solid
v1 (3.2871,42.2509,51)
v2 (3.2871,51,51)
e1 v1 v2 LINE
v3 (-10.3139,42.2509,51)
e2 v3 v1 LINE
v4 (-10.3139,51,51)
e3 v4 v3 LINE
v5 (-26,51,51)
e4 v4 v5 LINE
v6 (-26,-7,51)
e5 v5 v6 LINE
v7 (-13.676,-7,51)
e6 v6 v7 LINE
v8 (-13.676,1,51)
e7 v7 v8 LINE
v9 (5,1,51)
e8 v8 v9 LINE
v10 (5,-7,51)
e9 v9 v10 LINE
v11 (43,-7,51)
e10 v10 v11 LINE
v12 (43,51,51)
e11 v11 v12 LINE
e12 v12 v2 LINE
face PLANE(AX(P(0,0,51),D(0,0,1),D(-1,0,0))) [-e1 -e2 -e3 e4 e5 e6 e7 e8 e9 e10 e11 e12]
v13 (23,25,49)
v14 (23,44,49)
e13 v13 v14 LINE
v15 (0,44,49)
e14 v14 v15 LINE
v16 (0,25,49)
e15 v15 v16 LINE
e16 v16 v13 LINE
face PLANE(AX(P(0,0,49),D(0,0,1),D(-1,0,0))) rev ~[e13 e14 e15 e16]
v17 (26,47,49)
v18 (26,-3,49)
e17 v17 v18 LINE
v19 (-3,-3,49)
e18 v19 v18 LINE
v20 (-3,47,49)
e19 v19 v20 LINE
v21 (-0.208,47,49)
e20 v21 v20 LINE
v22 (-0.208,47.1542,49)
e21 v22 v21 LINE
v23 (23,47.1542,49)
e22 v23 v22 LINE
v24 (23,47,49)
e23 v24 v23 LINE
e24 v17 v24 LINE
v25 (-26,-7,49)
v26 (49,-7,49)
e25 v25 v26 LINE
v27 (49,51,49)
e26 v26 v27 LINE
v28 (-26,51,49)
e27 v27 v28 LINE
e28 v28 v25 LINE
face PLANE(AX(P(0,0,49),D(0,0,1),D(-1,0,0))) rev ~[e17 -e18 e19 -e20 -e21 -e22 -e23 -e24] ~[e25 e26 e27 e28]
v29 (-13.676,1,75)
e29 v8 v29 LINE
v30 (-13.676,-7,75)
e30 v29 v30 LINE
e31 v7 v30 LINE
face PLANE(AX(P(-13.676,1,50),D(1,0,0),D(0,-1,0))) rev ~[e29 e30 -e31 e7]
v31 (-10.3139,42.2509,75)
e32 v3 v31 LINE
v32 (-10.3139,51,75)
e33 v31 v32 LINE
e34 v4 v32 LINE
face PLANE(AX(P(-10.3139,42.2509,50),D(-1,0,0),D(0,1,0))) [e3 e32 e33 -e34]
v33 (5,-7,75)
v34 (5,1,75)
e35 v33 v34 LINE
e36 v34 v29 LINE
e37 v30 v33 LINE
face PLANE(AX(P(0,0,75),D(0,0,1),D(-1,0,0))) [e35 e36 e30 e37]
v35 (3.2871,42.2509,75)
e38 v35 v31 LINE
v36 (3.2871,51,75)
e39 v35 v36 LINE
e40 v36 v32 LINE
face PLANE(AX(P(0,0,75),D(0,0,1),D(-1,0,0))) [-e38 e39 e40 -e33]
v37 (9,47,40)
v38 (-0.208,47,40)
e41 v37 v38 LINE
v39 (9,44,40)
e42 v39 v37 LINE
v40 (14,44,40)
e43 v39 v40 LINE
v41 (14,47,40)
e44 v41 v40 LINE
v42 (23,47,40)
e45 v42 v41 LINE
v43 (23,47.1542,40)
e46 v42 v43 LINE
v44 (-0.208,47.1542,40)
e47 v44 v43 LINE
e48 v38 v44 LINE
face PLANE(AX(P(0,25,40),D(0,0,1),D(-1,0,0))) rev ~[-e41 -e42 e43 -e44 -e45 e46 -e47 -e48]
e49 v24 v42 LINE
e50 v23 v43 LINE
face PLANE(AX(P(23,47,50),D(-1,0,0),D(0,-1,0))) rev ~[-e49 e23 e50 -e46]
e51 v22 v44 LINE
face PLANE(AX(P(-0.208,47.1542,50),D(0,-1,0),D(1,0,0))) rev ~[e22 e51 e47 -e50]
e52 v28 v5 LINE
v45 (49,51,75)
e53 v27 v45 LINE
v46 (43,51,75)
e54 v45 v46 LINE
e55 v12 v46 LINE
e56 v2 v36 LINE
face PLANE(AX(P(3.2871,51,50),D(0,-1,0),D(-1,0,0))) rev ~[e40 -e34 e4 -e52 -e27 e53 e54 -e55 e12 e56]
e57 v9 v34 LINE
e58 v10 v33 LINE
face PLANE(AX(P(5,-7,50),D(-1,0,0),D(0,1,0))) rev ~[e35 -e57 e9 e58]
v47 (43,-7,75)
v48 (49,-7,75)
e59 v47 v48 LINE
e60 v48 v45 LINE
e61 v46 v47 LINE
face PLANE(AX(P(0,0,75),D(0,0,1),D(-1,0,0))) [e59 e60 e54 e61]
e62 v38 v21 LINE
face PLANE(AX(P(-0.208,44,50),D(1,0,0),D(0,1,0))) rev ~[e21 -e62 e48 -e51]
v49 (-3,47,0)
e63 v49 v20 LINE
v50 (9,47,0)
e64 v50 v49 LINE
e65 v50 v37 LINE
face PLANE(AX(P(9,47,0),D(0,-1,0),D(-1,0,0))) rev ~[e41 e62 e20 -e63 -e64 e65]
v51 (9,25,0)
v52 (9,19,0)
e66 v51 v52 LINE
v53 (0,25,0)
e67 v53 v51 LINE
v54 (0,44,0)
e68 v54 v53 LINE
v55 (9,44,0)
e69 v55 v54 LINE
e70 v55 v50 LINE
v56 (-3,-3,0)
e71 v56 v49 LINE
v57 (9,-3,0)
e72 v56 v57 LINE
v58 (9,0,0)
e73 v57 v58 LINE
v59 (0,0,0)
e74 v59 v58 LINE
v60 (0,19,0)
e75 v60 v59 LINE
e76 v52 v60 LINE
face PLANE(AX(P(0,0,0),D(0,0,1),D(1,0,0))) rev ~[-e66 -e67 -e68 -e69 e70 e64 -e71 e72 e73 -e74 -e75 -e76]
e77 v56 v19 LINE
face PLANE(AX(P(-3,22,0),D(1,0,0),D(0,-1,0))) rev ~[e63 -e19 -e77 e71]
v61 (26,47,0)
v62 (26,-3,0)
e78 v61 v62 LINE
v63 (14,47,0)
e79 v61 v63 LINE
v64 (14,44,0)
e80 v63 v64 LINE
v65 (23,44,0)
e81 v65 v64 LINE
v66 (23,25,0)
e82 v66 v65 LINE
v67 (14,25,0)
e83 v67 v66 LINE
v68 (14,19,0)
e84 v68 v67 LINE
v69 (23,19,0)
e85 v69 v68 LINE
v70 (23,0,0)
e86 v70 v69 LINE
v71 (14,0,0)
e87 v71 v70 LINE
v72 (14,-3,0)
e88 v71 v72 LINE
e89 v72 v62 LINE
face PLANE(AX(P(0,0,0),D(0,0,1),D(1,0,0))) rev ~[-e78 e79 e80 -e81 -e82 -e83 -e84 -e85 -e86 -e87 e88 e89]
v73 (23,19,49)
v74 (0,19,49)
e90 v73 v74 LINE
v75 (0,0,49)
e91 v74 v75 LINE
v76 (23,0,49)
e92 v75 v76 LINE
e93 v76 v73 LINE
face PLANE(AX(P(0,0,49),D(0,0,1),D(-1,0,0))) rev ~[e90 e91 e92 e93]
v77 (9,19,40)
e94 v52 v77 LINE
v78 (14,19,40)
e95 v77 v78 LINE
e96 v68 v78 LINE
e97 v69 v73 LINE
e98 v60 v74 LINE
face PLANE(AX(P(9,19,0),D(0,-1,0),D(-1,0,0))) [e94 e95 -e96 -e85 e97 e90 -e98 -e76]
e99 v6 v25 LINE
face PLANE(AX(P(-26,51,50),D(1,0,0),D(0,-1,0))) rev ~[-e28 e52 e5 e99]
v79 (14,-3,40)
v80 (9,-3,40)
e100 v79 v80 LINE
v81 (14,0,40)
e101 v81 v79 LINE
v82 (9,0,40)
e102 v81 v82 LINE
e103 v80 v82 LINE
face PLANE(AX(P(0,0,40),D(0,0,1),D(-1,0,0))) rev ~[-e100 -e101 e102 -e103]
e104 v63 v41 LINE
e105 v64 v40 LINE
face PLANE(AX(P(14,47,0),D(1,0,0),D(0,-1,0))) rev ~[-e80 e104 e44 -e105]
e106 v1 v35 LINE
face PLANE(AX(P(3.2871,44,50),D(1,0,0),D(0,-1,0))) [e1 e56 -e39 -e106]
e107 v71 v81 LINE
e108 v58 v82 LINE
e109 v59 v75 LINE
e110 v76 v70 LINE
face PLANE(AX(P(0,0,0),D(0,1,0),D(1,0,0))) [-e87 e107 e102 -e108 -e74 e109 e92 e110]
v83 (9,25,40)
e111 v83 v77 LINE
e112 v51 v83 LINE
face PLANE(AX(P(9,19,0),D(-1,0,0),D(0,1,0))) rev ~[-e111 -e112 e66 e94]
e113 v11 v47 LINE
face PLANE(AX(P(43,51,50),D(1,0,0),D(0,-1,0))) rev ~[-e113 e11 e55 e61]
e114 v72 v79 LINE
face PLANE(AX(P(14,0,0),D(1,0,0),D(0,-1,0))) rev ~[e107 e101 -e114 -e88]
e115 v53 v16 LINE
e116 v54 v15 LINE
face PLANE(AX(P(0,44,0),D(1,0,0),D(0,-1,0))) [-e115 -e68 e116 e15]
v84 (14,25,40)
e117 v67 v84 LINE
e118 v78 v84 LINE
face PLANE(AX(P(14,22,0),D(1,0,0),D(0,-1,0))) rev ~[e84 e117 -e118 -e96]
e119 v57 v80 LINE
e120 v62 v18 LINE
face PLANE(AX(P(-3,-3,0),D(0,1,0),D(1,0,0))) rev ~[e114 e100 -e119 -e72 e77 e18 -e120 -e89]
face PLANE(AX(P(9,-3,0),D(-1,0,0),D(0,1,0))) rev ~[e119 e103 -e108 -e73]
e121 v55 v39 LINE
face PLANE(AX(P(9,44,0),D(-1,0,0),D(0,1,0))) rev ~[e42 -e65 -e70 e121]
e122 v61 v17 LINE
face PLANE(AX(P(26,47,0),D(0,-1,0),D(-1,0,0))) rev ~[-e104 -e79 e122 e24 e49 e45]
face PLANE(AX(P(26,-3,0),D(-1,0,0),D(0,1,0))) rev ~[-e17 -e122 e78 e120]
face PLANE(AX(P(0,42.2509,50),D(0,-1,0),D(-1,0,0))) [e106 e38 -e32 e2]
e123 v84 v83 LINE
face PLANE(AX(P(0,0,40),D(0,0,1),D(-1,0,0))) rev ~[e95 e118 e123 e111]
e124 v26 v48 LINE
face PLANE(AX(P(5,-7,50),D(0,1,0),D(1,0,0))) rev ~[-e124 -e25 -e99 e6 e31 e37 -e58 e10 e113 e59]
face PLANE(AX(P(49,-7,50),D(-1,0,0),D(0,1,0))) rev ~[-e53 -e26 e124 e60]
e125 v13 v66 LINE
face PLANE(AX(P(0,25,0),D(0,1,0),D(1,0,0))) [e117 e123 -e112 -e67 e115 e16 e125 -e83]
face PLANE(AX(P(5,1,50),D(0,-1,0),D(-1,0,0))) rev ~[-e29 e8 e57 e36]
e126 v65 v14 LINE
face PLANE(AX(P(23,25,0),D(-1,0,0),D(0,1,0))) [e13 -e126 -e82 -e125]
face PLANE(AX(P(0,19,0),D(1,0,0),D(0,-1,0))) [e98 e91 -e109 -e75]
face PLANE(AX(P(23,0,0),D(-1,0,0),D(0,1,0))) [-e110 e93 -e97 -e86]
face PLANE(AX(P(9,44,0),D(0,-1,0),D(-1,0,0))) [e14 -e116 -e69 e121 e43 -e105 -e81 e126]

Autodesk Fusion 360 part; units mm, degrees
sketch "Sketch1" plane through (0, 0, 0) normal (0, 0, 1) x (1, 0, 0)
  line L0 (0, 0) -> (23, 0)
  line L1 (23, 0) -> (23, 19)
  line L2 (23, 19) -> (0, 19)
  line L3 (0, 19) -> (0, 0)
  line L4 (0, 0) -> (23, 19) construction
  line L5 (14, -5.5) -> (9, -5.5) construction
  line L6 (9, -5.5) -> (9, 24.5)
  line L7 (9, 24.5) -> (14, 24.5) construction
  line L8 (14, 24.5) -> (14, -5.5)
  line L9 (14, -5.5) -> (9, 24.5) construction
  line L10 (9, -5.5) -> (14, 24.5) construction
  line L11 (-3, 22) -> (-3, -3)
  line L12 (-3, -3) -> (26, -3)
  line L13 (26, -3) -> (26, 22)
  line L14 (26, 22) -> (-3, 22)
  point P0 (11.5, 9.5)
  dimension "d1" = 23
  dimension "d2" = 19
  dimension "d5" = 5
  dimension "d6" = 3
  dimension "d11" = 30
extrude "Extrude4" add sketch "Sketch1" along normal blind 50 contours L0 L2 L3 L6 L11 L12 L14 | L0 L1 L2 L8 L12 L13 L14 makes body 1 at (-3, 13.6667, 16.6667) makes body 2 at (26, 5.3333, 16.6667)
sketch "Sketch2" plane through (0, 0, 50) normal (0, 0, 1) x (-1, 0, 0)
  line L0 (-14, 0) -> (-14, 3)
  line L1 (-14, 3) -> (-26, 3)
  line L2 (-26, 3) -> (-26, -22)
  line L3 (-26, -22) -> (-14, -22)
  line L4 (-14, -22) -> (-14, -19)
  line L5 (-14, -19) -> (-23, -19)
  line L6 (-23, -19) -> (-23, 0)
  line L7 (-23, 0) -> (-14, 0)
  line L8 (0.208, -22.1542) -> (-23, -22.1542)
  line L9 (-23, -22.1542) -> (-23, -19)
  line L10 (-23, -19) -> (0.208, -19)
  line L11 (0.208, -19) -> (0.208, -22.1542)
  line L12 (0, 0) -> (-23, 0)
  line L13 (-23, 0) -> (-23, 3)
  line L14 (-23, 3) -> (0, 3)
  line L15 (0, 3) -> (0, 0)
extrude "Extrude5" add sketch "Sketch2" against normal blind 10 contours L0 L1 L7 L12 L13 L14 | L0 L12 L14 L15 | L3 L4 L5 L9 L10 | L3 L4 L8 L9 L10 L11 bodies 1 2
copy_body "CopyPasteBodies1" bodies 1 makes body 3
move_body "Move1" bodies 3 to x (1, 0, 0) y (0, 1, 0) z (0, 0, 1) at (0, 30, 0)
move_body "Move2" bodies 3 to x (1, 0, 0) y (0, 1, 0) z (0, 0, 1) at (0, -5, 0)
sketch "Sketch3" plane through (0, 0, 50) normal (0, 0, 1) x (-1, 0, 0)
  line L0 (0, -44) -> (-23, -44)
  line L1 (-23, -44) -> (-23, -25)
  line L2 (-23, -25) -> (0, -25)
  line L3 (0, -25) -> (0, -44)
  line L4 (-23, -47) -> (-23, -47.1542)
  line L5 (-23, -47.1542) -> (0.208, -47.1542)
  line L6 (0.208, -47.1542) -> (0.208, -47)
  line L7 (0.208, -47) -> (3, -47)
  line L8 (3, -47) -> (3, -22)
  line L9 (3, -22) -> (-26, -22)
  line L10 (-26, -22) -> (-26, -47)
  line L11 (-26, -47) -> (-23, -47)
  line L12 (0, 0) -> (-23, -44) construction
  line L13 (26, 7) -> (-49, 7)
  line L14 (-49, 7) -> (-49, -51)
  line L15 (-49, -51) -> (26, -51)
  line L16 (26, -51) -> (26, 7)
  line L17 (26, 7) -> (-49, -51) construction
  line L18 (-49, 7) -> (26, -51) construction
  line L19 (-49, -51) -> (-43, -51) construction
  line L20 (-43, -51) -> (-43, 7)
  line L21 (13.676, 7) -> (-5, 7)
  line L22 (-5, 7) -> (-5, -1)
  line L23 (-5, -1) -> (13.676, -1)
  line L24 (13.676, -1) -> (13.676, 7)
  line L25 (10.3139, -51) -> (-3.2871, -51)
  line L26 (-3.2871, -51) -> (-3.2871, -42.2509)
  line L27 (-3.2871, -42.2509) -> (10.3139, -42.2509)
  line L28 (10.3139, -42.2509) -> (10.3139, -51)
  point P0 (-11.5, -22)
  point P1 (3, -46.6655)
  point P2 (4.6174, 2.0386)
  dimension "d16" = 75
  dimension "d17" = 58
  dimension "d22" = 6
  dimension "d23" = 8
extrude "Extrude6" add sketch "Sketch3" along normal blind 1 and the other way blind 1 bodies 1 3
extrude "Extrude7" add sketch "Sketch3" along normal blind 25 contours L0 L3 L5 L6 L7 L8 L26 L27 | L0 L3 L26 L27 | L5 L6 L7 L8 L15 L25 L26 L27 L28 | L13 L14 L15 L20 | L13 L21 L22 L23 L24 bodies 1
